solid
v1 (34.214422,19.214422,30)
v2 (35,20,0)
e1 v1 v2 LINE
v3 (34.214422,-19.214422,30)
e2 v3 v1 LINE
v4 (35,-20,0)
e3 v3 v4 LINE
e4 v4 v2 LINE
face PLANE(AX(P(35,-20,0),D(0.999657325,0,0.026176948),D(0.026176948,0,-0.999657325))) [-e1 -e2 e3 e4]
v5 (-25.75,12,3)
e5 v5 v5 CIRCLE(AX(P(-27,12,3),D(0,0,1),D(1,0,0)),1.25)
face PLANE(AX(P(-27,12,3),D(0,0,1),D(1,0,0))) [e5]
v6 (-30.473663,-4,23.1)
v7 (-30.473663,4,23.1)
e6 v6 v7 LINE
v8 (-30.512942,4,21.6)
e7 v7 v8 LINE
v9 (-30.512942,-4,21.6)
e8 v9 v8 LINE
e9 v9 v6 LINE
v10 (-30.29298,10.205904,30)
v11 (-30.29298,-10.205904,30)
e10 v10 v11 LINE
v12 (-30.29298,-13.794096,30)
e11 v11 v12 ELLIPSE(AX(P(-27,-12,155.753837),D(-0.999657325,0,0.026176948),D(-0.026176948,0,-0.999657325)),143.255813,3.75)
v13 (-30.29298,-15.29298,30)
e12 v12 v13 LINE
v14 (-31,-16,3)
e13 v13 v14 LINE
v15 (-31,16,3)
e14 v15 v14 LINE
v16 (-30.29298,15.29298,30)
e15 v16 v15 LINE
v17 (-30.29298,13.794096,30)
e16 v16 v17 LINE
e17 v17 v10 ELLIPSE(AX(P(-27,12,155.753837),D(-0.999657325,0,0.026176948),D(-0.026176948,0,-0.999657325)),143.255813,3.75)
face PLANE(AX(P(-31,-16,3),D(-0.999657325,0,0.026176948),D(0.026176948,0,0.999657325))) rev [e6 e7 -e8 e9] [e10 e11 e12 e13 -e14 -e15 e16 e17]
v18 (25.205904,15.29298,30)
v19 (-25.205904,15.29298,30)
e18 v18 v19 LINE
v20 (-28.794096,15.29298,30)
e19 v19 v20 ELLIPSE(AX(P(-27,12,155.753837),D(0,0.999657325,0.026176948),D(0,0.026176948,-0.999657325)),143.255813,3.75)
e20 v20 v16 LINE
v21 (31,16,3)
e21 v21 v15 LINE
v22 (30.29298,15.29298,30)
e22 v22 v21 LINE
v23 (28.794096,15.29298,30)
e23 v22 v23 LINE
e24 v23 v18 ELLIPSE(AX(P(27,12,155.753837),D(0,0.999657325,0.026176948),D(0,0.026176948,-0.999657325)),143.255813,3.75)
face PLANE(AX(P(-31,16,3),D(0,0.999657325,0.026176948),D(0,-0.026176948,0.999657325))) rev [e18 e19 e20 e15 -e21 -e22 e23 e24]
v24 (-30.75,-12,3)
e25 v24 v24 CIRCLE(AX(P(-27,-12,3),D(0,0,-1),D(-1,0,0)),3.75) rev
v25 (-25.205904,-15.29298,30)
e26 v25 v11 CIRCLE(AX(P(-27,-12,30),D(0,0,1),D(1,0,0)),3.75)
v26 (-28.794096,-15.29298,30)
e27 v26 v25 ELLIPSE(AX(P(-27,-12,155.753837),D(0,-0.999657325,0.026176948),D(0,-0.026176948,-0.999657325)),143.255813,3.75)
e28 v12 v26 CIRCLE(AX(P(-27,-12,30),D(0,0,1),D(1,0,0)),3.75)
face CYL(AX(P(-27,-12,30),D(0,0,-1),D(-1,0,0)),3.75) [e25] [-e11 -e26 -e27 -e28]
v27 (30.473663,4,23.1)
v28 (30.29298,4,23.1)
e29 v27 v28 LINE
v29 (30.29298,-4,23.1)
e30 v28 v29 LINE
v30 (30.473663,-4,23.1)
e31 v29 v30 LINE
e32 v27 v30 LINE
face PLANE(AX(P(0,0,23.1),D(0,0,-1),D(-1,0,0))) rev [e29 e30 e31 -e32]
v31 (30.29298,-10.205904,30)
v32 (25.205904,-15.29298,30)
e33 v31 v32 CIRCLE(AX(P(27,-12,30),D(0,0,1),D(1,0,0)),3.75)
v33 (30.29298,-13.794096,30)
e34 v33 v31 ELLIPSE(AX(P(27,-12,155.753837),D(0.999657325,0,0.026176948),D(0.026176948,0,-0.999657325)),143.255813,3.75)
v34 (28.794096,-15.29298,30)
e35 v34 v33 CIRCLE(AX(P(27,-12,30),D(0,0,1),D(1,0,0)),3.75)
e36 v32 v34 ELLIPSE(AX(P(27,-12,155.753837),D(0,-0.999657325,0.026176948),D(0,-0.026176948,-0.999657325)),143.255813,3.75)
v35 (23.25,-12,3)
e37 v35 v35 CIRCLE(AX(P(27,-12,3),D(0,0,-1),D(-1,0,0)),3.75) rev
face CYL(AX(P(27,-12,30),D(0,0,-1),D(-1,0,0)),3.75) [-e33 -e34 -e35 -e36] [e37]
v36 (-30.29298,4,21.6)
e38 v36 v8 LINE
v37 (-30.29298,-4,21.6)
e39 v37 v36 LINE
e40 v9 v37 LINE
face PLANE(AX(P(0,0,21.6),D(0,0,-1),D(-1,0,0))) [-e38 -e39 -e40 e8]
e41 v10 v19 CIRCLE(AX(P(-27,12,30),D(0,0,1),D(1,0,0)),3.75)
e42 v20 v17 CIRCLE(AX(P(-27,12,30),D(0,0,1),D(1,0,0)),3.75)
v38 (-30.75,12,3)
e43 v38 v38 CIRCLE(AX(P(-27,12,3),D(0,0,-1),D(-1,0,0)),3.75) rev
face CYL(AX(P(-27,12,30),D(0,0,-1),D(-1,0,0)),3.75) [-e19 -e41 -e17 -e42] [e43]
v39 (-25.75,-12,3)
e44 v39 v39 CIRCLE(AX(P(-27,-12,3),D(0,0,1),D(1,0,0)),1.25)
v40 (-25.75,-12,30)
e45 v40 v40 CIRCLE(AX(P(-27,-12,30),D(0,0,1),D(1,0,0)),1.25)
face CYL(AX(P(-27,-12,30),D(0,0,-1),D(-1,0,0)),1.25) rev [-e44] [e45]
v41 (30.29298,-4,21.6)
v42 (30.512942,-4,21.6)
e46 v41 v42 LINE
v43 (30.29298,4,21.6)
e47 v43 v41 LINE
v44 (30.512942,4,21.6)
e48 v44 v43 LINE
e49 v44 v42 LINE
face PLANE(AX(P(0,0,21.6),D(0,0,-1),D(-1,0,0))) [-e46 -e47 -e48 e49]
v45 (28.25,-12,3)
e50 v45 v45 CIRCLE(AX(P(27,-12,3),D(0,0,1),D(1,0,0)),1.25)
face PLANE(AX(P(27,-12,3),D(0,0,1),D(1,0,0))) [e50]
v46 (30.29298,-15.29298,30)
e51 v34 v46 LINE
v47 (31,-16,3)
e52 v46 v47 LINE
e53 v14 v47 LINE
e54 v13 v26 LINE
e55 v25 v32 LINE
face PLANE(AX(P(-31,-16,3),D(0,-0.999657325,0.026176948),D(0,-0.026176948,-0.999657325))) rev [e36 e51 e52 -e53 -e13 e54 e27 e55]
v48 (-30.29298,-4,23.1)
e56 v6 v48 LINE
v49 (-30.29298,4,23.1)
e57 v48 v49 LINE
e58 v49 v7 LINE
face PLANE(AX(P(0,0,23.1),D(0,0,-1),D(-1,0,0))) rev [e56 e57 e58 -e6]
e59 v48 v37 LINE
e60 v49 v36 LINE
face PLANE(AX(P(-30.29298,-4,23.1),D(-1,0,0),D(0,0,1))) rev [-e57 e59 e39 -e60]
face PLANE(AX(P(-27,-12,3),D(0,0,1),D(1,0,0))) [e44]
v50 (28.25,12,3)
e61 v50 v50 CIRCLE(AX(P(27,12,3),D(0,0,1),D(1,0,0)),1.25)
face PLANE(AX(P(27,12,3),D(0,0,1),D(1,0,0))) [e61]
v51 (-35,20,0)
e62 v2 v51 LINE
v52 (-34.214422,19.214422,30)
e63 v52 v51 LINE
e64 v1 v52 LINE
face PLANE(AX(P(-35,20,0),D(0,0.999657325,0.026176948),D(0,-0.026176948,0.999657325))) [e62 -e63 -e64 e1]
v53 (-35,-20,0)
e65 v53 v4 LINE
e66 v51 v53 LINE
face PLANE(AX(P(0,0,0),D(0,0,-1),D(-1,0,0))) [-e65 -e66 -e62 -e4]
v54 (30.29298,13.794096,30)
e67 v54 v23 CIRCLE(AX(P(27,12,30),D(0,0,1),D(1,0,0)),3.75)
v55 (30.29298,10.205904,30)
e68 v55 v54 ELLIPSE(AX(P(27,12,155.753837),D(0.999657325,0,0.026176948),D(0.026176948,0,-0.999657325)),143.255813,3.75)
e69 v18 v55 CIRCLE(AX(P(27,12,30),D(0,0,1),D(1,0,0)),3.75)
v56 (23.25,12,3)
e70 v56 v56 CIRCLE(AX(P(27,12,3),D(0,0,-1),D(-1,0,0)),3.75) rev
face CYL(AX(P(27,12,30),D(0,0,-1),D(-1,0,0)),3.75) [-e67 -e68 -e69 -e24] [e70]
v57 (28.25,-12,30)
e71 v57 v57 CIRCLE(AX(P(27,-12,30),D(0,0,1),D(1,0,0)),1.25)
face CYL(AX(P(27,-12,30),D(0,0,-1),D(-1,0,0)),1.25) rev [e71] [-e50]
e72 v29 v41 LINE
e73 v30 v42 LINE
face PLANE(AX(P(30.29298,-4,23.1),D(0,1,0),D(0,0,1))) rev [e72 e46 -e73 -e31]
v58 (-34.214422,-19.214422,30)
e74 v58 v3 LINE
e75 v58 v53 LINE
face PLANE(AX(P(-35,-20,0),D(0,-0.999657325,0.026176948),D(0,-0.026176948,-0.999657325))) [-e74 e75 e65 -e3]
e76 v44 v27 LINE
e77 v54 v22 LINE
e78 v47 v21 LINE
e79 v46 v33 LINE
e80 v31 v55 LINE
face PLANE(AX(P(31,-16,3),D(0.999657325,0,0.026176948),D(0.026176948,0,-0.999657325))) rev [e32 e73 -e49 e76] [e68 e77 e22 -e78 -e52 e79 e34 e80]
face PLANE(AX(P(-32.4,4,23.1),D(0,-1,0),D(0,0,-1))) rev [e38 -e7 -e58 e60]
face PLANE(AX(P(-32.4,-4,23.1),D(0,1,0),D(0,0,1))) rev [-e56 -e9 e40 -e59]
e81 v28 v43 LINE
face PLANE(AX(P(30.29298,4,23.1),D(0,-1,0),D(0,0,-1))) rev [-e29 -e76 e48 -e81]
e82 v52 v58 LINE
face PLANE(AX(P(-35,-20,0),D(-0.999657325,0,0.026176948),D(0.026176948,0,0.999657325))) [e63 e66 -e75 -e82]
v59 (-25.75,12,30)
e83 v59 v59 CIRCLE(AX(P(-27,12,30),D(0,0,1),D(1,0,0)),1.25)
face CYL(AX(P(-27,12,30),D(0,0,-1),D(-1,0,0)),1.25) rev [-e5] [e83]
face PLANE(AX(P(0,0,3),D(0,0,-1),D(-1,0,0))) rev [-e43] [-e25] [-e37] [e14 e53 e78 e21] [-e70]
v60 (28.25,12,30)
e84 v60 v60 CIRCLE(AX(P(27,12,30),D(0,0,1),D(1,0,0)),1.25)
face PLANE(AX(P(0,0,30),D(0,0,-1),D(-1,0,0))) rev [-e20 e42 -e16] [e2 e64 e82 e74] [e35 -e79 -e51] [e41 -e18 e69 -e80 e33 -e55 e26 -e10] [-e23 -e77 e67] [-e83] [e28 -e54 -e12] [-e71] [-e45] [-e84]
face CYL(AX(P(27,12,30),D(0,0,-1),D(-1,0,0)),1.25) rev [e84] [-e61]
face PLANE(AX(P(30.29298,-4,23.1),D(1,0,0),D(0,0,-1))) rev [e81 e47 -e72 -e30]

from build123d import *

# Parameters (mm, degrees)
SKETCH2_W                 = 70
SKETCH2_H                 = 40
DRAFTED_OUTER_SHELL_DEPTH = 30
DRAFTED_OUTER_SHELL_TAPER = 1.5
DRAFTED_CAVITY_START      = 3
SKETCH3_W                 = 62
SKETCH3_H                 = 32
DRAFTED_CAVITY_DEPTH      = 27
DRAFTED_CAVITY_TAPER      = 1.5
SCREW_BOSS_START          = 3
SKETCH4_R                 = 3.75
SCREW_BOSS_DEPTH          = 27
SCREW_BOSS_BORE_START     = 3
SKETCH5_R                 = 1.25
SCREW_BOSS_BORE_DEPTH     = 27
BOSS_EXTRUDE3_START       = 3
SKETCH6_R                 = 3.75
BOSS_EXTRUDE3_DEPTH       = 27
CUT_EXTRUDE3_START        = 3
SKETCH7_R                 = 1.25
CUT_EXTRUDE3_DEPTH        = 27
BOSS_EXTRUDE4_START       = 3
SKETCH8_R                 = 3.75
BOSS_EXTRUDE4_DEPTH       = 27
CUT_EXTRUDE4_START        = 3
SKETCH9_R                 = 1.25
CUT_EXTRUDE4_DEPTH        = 27
BOSS_EXTRUDE5_START       = 3
SKETCH10_R                = 3.75
BOSS_EXTRUDE5_DEPTH       = 27
CUT_EXTRUDE5_START        = 3
SKETCH11_R                = 1.25
CUT_EXTRUDE5_DEPTH        = 27
SNAP_CATCH_LEDGE_START    = 21.6
SKETCH12_W                = 2.107019882
SKETCH12_H                = 8
SNAP_CATCH_LEDGE_DEPTH    = 1.5
BOSS_EXTRUDE7_START       = 21.6
SKETCH13_W                = 2.107019882
SKETCH13_H                = 8
BOSS_EXTRUDE7_DEPTH       = 1.5


with BuildPart() as part:
    # Sketch2 → Drafted_outer_shell (new body)
    with BuildSketch(Plane.XY):
        Rectangle(SKETCH2_W, SKETCH2_H)
    extrude(amount=DRAFTED_OUTER_SHELL_DEPTH, taper=DRAFTED_OUTER_SHELL_TAPER)

    # Sketch3 → Drafted_cavity (cut)
    with BuildSketch(Plane.XY.offset(DRAFTED_CAVITY_START)):
        Rectangle(SKETCH3_W, SKETCH3_H)
    extrude(amount=DRAFTED_CAVITY_DEPTH, taper=DRAFTED_CAVITY_TAPER, mode=Mode.SUBTRACT)

    # Sketch4 → Screw_boss (add)
    with BuildSketch(Plane.XY.offset(SCREW_BOSS_START)):
        with Locations(Location((-27, -12, 0), (0, 0, 180))):
            Circle(SKETCH4_R)
    extrude(amount=SCREW_BOSS_DEPTH)

    # Sketch5 → Screw_boss_bore (cut)
    with BuildSketch(Plane.XY.offset(SCREW_BOSS_BORE_START)):
        with Locations((-27, -12)):
            Circle(SKETCH5_R)
    extrude(amount=SCREW_BOSS_BORE_DEPTH, mode=Mode.SUBTRACT)

    # Sketch6 → Boss-Extrude3 (add)
    with BuildSketch(Plane.XY.offset(BOSS_EXTRUDE3_START)):
        with Locations(Location((-27, 12, 0), (0, 0, 180))):
            Circle(SKETCH6_R)
    extrude(amount=BOSS_EXTRUDE3_DEPTH)

    # Sketch7 → Cut-Extrude3 (cut)
    with BuildSketch(Plane.XY.offset(CUT_EXTRUDE3_START)):
        with Locations((-27, 12)):
            Circle(SKETCH7_R)
    extrude(amount=CUT_EXTRUDE3_DEPTH, mode=Mode.SUBTRACT)

    # Sketch8 → Boss-Extrude4 (add)
    with BuildSketch(Plane.XY.offset(BOSS_EXTRUDE4_START)):
        with Locations(Location((27, -12, 0), (0, 0, 180))):
            Circle(SKETCH8_R)
    extrude(amount=BOSS_EXTRUDE4_DEPTH)

    # Sketch9 → Cut-Extrude4 (cut)
    with BuildSketch(Plane.XY.offset(CUT_EXTRUDE4_START)):
        with Locations((27, -12)):
            Circle(SKETCH9_R)
    extrude(amount=CUT_EXTRUDE4_DEPTH, mode=Mode.SUBTRACT)

    # Sketch10 → Boss-Extrude5 (add)
    with BuildSketch(Plane.XY.offset(BOSS_EXTRUDE5_START)):
        with Locations(Location((27, 12, 0), (0, 0, 180))):
            Circle(SKETCH10_R)
    extrude(amount=BOSS_EXTRUDE5_DEPTH)

    # Sketch11 → Cut-Extrude5 (cut)
    with BuildSketch(Plane.XY.offset(CUT_EXTRUDE5_START)):
        with Locations((27, 12)):
            Circle(SKETCH11_R)
    extrude(amount=CUT_EXTRUDE5_DEPTH, mode=Mode.SUBTRACT)

    # Sketch12 → Snap_catch_ledge (add)
    with BuildSketch(Plane.XY.offset(SNAP_CATCH_LEDGE_START)):
        with Locations((-31.346490059, 0)):
            Rectangle(SKETCH12_W, SKETCH12_H)
    extrude(amount=SNAP_CATCH_LEDGE_DEPTH)

    # Sketch13 → Boss-Extrude7 (add)
    with BuildSketch(Plane.XY.offset(BOSS_EXTRUDE7_START)):
        with Locations((31.346490059, 0)):
            Rectangle(SKETCH13_W, SKETCH13_H)
    extrude(amount=BOSS_EXTRUDE7_DEPTH)


solid = part.part
